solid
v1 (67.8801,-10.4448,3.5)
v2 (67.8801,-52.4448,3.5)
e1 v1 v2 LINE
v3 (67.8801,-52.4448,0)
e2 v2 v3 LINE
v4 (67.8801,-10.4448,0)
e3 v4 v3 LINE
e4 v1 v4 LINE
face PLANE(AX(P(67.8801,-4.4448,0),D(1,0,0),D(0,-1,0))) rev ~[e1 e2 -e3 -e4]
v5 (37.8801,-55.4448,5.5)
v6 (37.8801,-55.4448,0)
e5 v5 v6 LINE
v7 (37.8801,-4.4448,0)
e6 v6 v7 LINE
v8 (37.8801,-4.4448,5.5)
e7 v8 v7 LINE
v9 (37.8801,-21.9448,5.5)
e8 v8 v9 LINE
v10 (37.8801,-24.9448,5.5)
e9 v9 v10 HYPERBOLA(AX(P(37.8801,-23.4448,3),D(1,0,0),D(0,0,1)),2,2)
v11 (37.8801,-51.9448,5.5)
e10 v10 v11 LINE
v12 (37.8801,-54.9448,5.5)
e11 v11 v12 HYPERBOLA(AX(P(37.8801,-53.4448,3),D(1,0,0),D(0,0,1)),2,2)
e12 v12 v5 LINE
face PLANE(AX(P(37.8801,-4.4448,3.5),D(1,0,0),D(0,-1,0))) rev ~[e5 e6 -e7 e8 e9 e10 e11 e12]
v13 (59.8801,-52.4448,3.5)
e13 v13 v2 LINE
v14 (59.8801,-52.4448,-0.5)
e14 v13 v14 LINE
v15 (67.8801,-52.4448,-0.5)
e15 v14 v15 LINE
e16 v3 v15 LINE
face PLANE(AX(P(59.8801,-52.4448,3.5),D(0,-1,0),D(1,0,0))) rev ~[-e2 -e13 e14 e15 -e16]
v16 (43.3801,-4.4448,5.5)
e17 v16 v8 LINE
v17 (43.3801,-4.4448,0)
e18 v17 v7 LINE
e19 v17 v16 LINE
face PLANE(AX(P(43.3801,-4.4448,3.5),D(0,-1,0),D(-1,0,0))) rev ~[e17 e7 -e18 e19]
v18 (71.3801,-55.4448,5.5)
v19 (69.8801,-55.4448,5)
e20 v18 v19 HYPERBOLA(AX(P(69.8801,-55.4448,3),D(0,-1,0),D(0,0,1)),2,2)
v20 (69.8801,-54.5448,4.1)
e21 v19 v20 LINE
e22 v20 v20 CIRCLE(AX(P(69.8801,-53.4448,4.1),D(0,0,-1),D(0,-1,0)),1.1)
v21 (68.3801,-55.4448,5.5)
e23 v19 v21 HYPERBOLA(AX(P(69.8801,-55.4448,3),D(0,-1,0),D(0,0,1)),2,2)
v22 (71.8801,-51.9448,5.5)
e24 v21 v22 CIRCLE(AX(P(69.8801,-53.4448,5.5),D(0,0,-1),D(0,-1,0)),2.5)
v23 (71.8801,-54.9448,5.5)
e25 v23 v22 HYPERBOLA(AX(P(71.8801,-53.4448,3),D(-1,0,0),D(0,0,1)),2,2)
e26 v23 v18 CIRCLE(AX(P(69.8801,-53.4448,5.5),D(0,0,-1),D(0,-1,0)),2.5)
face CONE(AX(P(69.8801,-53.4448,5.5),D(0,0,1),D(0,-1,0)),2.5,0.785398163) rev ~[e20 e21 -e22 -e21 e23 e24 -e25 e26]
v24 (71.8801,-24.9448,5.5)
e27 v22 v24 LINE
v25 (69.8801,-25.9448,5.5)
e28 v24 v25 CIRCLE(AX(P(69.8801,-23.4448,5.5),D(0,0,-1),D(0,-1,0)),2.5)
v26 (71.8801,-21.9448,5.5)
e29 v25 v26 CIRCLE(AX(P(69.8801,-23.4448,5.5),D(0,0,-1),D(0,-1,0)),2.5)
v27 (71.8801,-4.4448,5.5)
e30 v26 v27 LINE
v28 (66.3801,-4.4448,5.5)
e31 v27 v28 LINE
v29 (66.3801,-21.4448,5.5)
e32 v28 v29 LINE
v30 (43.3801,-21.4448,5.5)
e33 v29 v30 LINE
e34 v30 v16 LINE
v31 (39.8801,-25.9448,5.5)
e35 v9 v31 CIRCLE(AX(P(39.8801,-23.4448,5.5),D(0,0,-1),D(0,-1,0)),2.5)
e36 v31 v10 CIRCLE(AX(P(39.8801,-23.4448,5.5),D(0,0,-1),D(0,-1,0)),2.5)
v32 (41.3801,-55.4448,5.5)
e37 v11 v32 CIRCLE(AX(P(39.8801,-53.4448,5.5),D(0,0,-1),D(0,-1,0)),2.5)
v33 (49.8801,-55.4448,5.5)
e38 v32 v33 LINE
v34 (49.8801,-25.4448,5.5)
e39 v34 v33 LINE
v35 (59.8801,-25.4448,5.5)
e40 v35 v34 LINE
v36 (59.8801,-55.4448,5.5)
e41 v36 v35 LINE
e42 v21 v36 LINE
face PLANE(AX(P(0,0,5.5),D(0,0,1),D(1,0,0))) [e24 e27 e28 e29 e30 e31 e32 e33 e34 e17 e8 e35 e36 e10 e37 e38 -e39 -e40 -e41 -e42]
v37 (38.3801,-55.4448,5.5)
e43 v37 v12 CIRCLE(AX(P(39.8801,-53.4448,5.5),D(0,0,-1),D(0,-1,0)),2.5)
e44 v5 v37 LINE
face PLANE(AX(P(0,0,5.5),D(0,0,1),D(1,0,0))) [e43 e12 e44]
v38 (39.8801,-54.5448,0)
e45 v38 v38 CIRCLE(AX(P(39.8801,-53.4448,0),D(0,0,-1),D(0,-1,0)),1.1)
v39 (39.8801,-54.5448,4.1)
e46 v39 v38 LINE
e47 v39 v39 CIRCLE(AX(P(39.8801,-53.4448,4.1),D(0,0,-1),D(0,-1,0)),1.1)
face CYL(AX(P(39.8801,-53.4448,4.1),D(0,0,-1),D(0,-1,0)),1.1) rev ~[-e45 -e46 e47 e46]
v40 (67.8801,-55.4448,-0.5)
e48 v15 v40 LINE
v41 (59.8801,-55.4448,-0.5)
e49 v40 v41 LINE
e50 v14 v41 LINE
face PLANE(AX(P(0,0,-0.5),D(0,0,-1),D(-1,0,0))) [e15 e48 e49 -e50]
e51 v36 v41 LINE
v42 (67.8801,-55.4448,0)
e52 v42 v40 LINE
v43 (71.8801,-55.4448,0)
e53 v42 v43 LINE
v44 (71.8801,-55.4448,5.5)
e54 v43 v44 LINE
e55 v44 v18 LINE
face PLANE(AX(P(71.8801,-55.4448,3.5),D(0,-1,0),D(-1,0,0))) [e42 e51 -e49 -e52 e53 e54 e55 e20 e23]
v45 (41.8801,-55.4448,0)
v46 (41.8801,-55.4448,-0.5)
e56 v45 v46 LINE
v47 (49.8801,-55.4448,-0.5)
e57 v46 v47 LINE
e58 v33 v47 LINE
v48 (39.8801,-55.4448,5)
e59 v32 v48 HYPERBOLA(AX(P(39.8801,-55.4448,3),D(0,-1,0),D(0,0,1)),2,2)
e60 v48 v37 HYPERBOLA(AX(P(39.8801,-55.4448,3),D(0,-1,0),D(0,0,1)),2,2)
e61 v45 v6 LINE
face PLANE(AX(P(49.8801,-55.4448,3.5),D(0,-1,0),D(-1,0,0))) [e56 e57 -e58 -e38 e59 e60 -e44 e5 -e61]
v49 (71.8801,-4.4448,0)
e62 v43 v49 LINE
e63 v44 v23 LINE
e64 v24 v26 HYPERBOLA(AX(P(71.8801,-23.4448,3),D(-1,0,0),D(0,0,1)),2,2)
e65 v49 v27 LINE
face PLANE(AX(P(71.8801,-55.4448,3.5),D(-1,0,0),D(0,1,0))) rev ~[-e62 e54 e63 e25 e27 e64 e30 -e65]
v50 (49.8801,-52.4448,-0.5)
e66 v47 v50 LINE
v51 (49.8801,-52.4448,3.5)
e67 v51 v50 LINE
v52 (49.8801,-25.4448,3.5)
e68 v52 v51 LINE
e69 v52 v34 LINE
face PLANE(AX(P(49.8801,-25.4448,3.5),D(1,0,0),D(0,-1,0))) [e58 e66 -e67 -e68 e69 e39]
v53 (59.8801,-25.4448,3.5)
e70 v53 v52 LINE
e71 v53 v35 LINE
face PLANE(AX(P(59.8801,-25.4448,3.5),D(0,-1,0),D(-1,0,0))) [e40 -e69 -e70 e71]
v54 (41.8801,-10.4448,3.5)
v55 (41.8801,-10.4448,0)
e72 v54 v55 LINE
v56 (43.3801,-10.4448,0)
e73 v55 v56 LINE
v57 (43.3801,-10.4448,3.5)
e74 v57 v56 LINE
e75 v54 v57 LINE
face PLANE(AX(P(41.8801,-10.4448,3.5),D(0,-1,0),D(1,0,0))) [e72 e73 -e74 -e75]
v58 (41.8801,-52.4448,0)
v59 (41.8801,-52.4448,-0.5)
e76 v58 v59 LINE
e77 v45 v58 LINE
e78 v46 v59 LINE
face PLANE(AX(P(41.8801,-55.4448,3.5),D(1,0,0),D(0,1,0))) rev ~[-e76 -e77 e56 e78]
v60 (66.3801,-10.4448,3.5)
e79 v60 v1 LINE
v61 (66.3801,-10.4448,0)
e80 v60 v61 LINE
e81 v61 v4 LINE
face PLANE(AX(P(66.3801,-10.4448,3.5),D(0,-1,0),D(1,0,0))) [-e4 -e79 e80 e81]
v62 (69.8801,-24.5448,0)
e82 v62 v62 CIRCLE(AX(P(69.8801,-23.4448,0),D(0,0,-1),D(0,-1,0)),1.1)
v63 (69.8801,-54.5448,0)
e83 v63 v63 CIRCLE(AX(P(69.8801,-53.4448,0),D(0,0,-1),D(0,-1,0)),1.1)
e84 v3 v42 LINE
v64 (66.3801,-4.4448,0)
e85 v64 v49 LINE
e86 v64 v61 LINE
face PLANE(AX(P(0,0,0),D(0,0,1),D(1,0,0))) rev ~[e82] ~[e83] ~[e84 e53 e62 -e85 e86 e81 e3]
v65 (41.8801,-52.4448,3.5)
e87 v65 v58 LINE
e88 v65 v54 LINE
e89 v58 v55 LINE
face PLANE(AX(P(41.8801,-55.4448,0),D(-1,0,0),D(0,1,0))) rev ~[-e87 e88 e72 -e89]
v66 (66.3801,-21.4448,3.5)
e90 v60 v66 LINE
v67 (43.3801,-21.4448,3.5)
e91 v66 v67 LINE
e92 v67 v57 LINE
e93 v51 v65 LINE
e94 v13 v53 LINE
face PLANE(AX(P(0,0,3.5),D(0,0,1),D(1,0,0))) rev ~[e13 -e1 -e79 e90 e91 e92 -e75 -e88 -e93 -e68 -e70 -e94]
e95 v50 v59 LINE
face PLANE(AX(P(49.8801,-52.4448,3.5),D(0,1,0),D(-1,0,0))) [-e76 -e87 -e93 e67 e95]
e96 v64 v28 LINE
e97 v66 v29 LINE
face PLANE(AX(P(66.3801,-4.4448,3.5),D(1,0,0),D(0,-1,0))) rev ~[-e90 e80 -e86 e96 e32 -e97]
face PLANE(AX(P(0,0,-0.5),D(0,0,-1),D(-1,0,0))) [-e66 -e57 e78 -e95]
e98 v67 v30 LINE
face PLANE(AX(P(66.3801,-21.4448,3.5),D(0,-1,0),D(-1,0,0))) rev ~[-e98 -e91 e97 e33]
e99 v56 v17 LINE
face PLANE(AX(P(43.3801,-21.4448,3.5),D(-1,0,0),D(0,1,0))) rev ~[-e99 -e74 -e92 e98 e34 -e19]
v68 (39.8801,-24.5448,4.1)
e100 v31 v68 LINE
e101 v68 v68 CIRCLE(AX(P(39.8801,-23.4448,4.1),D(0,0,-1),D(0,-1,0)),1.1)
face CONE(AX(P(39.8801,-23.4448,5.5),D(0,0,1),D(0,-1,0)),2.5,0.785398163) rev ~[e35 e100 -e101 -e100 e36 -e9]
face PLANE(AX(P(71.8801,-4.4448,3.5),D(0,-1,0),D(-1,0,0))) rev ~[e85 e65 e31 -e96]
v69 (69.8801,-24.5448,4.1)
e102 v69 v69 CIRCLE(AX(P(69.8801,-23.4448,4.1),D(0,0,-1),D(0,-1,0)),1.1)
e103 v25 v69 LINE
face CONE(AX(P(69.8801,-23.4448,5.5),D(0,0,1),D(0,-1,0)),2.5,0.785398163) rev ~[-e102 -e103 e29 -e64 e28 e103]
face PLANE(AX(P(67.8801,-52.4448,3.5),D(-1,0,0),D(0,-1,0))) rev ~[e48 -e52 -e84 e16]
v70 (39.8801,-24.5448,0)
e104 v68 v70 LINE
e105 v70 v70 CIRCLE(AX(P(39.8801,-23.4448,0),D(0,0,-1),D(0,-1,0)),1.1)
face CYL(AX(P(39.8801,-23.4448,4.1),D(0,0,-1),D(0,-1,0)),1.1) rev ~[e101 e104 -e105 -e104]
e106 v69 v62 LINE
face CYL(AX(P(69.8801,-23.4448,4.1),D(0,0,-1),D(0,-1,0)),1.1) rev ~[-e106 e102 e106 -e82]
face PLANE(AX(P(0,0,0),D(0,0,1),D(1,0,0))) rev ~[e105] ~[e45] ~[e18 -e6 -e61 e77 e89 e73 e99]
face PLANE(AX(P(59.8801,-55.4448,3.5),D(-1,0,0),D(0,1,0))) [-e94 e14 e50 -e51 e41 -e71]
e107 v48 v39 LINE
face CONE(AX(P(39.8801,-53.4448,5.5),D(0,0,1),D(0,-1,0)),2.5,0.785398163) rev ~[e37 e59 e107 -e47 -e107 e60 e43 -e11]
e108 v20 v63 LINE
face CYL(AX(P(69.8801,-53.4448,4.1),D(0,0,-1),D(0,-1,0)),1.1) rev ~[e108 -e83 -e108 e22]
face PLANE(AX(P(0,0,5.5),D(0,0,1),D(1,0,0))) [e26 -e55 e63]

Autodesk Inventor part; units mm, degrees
ref_plane "YZ Plane" through (0, 0, 0) normal (1, 0, 0) x (0, 1, 0)
ref_plane "XZ Plane" through (0, 0, 0) normal (0, 1, 0) x (-1, 0, 0)
ref_plane "XY Plane" through (0, 0, 0) normal (0, 0, 1) x (1, 0, 0)
sketch "Skizze1" plane through (0, 0, 0) normal (0, 0, 1) x (1, 0, 0)
  line L0 (71.8801, -4.4448) -> (67.8801, -4.4448)
  line L1 (67.8801, -4.4448) -> (67.8801, -55.4448)
  line L2 (67.8801, -55.4448) -> (71.8801, -55.4448)
  line L3 (71.8801, -55.4448) -> (71.8801, -4.4448)
  line L4 (67.8801, -55.4448) -> (41.8801, -55.4448)
  line L5 (41.8801, -55.4448) -> (41.8801, -4.4448)
  line L6 (41.8801, -4.4448) -> (67.8801, -4.4448)
  line L7 (67.8801, -4.4448) -> (67.8801, -55.4448)
  line L8 (41.8801, -55.4448) -> (37.8801, -55.4448)
  line L9 (37.8801, -55.4448) -> (37.8801, -4.4448)
  line L10 (37.8801, -4.4448) -> (41.8801, -4.4448)
  line L11 (41.8801, -4.4448) -> (41.8801, -55.4448)
  point P0 (0, 0)
  dimension "d0" = 4
  dimension "d1" = 51
  dimension "d2" = 26
  dimension "d3" = 4
extrude "Extrusion1" add sketch "Skizze1" along normal blind 3.5 contours L3 L2 L1 L0 | L5 L8 L9 L10
sketch "Skizze2" plane through (0, 0, 3.5) normal (0, 0, 1) x (1, 0, 0)
  line L0 (71.8801, -55.4448) -> (37.8801, -55.4448)
  line L1 (71.8801, -4.4448) -> (37.8801, -4.4448)
  line L2 (37.8801, -4.4448) -> (37.8801, -55.4448) projected
  line L3 (71.8801, -55.4448) -> (71.8801, -4.4448) projected
  line L4 (43.3801, -4.4448) -> (66.3801, -4.4448)
  line L5 (66.3801, -4.4448) -> (66.3801, -21.4448)
  line L6 (66.3801, -21.4448) -> (43.3801, -21.4448)
  line L7 (43.3801, -21.4448) -> (43.3801, -4.4448)
  line L8 (41.8801, -55.4448) -> (67.8801, -55.4448)
  line L9 (59.8801, -55.4448) -> (59.8801, -25.4448)
  line L10 (59.8801, -25.4448) -> (49.8801, -25.4448)
  line L11 (49.8801, -25.4448) -> (49.8801, -55.4448)
  line L12 (41.8801, -55.4448) -> (67.8801, -55.4448)
  line L13 (67.8801, -55.4448) -> (67.8801, -55.4448)
  line L14 (67.8801, -55.4448) -> (41.8801, -55.4448)
  line L15 (41.8801, -55.4448) -> (41.8801, -55.4448)
  line L16 (54.8801, -55.4448) -> (54.8801, -25.4448) construction
  point P0 (0, 0)
  point P1 (54.8801, -4.4448)
  point P2 (67.8801, -45.4448)
  dimension "d38" = 23
  dimension "d39" = 17
  dimension "d44" = 4
  dimension "d47" = 26
  dimension "d54" = 10
extrude "Extrusion2" add sketch "Skizze2" along normal blind 2 contours L0 L9 L10 L11 L2 L1 L7 L6 L5 L3
sketch "Skizze3" plane through (0, 0, 5.5) normal (0, 0, 1) x (1, 0, 0)
  line L0 (37.8801, -4.4448) -> (37.8801, -55.4448) projected
  line L1 (39.8801, -23.4448) -> (37.8801, -23.4448) construction
  line L2 (39.8801, -23.4448) -> (41.8801, -23.4448) construction
  line L3 (39.8801, -23.4448) -> (39.8801, -4.4448) construction
  line L4 (69.8801, -23.4448) -> (71.8801, -23.4448) construction
  line L5 (71.8801, -4.4448) -> (37.8801, -4.4448) construction
  line L6 (71.8801, -55.4448) -> (71.8801, -4.4448) projected
  line L7 (71.8801, -55.4448) -> (37.8801, -55.4448)
  line L8 (37.8801, -55.4448) -> (71.8801, -55.4448) projected
  line L9 (39.8801, -53.4448) -> (39.8801, -23.4448)
  line L10 (69.8801, -53.4448) -> (69.8801, -23.4448)
  line L11 (67.8801, -4.4448) -> (67.8801, -55.4448) projected
  line L12 (39.8801, -53.4448) -> (39.8801, -55.4448)
  line L13 (69.8801, -53.4448) -> (69.8801, -55.4448)
  point P0 (0, 0)
  dimension "d24" = 2
  dimension "d37" = 19
hole "Bohrung1" at (39.8801, -23.4448, 5.5) at (69.8801, -23.4448, 5.5) at (39.8801, -53.4448, 5.5) at (69.8801, -53.4448, 5.5) direction (0, 0, -1) diameter 2.2 end through all countersink diameter 5 countersink angle 90
sketch "Skizze6" plane through (0, 0, 3.5) normal (0, 0, -1) x (-1, 0, 0)
  line L0 (-67.8801, -4.4448) -> (-67.8801, -55.4448) projected
  line L1 (-66.3801, -4.4448) -> (-66.3801, -21.4448) projected
  line L2 (-67.8801, -4.4448) -> (-66.3801, -4.4448)
  line L3 (-66.3801, -4.4448) -> (-66.3801, -10.4448)
  line L4 (-66.3801, -10.4448) -> (-67.8801, -10.4448)
  line L5 (-67.8801, -10.4448) -> (-67.8801, -4.4448)
  line L6 (-43.3801, -21.4448) -> (-43.3801, -4.4448) projected
  line L7 (-41.8801, -55.4448) -> (-41.8801, -4.4448) projected
  line L8 (-43.3801, -4.4448) -> (-41.8801, -4.4448)
  line L9 (-41.8801, -4.4448) -> (-41.8801, -10.4448)
  line L10 (-41.8801, -10.4448) -> (-43.3801, -10.4448)
  line L11 (-43.3801, -10.4448) -> (-43.3801, -4.4448)
  line L12 (-41.8801, -55.4448) -> (-49.8801, -55.4448)
  line L13 (-49.8801, -55.4448) -> (-49.8801, -52.4448)
  line L14 (-49.8801, -52.4448) -> (-41.8801, -52.4448)
  line L15 (-41.8801, -52.4448) -> (-41.8801, -55.4448)
  line L16 (-59.8801, -52.4448) -> (-59.8801, -55.4448) projected
  line L17 (-67.8801, -55.4448) -> (-59.8801, -55.4448)
  line L18 (-59.8801, -55.4448) -> (-59.8801, -52.4448)
  line L19 (-59.8801, -52.4448) -> (-67.8801, -52.4448)
  line L20 (-67.8801, -52.4448) -> (-67.8801, -55.4448)
  point P0 (0, 0)
  dimension "d48" = 6
extrude "Extrusion5" add sketch "Skizze6" along normal up to surface (3.5 mm away) contours L2 L1 L4 L0 | L6 L8 L7 L10
extrude "Extrusion6" add sketch "Skizze6" along normal blind 4 contours L19 L16 L17 L0 | L7 L12 L13 L14
properties part number "Sliderhalter" material "PC/ABS-Kunststoff, 3DDruck, PLA"
